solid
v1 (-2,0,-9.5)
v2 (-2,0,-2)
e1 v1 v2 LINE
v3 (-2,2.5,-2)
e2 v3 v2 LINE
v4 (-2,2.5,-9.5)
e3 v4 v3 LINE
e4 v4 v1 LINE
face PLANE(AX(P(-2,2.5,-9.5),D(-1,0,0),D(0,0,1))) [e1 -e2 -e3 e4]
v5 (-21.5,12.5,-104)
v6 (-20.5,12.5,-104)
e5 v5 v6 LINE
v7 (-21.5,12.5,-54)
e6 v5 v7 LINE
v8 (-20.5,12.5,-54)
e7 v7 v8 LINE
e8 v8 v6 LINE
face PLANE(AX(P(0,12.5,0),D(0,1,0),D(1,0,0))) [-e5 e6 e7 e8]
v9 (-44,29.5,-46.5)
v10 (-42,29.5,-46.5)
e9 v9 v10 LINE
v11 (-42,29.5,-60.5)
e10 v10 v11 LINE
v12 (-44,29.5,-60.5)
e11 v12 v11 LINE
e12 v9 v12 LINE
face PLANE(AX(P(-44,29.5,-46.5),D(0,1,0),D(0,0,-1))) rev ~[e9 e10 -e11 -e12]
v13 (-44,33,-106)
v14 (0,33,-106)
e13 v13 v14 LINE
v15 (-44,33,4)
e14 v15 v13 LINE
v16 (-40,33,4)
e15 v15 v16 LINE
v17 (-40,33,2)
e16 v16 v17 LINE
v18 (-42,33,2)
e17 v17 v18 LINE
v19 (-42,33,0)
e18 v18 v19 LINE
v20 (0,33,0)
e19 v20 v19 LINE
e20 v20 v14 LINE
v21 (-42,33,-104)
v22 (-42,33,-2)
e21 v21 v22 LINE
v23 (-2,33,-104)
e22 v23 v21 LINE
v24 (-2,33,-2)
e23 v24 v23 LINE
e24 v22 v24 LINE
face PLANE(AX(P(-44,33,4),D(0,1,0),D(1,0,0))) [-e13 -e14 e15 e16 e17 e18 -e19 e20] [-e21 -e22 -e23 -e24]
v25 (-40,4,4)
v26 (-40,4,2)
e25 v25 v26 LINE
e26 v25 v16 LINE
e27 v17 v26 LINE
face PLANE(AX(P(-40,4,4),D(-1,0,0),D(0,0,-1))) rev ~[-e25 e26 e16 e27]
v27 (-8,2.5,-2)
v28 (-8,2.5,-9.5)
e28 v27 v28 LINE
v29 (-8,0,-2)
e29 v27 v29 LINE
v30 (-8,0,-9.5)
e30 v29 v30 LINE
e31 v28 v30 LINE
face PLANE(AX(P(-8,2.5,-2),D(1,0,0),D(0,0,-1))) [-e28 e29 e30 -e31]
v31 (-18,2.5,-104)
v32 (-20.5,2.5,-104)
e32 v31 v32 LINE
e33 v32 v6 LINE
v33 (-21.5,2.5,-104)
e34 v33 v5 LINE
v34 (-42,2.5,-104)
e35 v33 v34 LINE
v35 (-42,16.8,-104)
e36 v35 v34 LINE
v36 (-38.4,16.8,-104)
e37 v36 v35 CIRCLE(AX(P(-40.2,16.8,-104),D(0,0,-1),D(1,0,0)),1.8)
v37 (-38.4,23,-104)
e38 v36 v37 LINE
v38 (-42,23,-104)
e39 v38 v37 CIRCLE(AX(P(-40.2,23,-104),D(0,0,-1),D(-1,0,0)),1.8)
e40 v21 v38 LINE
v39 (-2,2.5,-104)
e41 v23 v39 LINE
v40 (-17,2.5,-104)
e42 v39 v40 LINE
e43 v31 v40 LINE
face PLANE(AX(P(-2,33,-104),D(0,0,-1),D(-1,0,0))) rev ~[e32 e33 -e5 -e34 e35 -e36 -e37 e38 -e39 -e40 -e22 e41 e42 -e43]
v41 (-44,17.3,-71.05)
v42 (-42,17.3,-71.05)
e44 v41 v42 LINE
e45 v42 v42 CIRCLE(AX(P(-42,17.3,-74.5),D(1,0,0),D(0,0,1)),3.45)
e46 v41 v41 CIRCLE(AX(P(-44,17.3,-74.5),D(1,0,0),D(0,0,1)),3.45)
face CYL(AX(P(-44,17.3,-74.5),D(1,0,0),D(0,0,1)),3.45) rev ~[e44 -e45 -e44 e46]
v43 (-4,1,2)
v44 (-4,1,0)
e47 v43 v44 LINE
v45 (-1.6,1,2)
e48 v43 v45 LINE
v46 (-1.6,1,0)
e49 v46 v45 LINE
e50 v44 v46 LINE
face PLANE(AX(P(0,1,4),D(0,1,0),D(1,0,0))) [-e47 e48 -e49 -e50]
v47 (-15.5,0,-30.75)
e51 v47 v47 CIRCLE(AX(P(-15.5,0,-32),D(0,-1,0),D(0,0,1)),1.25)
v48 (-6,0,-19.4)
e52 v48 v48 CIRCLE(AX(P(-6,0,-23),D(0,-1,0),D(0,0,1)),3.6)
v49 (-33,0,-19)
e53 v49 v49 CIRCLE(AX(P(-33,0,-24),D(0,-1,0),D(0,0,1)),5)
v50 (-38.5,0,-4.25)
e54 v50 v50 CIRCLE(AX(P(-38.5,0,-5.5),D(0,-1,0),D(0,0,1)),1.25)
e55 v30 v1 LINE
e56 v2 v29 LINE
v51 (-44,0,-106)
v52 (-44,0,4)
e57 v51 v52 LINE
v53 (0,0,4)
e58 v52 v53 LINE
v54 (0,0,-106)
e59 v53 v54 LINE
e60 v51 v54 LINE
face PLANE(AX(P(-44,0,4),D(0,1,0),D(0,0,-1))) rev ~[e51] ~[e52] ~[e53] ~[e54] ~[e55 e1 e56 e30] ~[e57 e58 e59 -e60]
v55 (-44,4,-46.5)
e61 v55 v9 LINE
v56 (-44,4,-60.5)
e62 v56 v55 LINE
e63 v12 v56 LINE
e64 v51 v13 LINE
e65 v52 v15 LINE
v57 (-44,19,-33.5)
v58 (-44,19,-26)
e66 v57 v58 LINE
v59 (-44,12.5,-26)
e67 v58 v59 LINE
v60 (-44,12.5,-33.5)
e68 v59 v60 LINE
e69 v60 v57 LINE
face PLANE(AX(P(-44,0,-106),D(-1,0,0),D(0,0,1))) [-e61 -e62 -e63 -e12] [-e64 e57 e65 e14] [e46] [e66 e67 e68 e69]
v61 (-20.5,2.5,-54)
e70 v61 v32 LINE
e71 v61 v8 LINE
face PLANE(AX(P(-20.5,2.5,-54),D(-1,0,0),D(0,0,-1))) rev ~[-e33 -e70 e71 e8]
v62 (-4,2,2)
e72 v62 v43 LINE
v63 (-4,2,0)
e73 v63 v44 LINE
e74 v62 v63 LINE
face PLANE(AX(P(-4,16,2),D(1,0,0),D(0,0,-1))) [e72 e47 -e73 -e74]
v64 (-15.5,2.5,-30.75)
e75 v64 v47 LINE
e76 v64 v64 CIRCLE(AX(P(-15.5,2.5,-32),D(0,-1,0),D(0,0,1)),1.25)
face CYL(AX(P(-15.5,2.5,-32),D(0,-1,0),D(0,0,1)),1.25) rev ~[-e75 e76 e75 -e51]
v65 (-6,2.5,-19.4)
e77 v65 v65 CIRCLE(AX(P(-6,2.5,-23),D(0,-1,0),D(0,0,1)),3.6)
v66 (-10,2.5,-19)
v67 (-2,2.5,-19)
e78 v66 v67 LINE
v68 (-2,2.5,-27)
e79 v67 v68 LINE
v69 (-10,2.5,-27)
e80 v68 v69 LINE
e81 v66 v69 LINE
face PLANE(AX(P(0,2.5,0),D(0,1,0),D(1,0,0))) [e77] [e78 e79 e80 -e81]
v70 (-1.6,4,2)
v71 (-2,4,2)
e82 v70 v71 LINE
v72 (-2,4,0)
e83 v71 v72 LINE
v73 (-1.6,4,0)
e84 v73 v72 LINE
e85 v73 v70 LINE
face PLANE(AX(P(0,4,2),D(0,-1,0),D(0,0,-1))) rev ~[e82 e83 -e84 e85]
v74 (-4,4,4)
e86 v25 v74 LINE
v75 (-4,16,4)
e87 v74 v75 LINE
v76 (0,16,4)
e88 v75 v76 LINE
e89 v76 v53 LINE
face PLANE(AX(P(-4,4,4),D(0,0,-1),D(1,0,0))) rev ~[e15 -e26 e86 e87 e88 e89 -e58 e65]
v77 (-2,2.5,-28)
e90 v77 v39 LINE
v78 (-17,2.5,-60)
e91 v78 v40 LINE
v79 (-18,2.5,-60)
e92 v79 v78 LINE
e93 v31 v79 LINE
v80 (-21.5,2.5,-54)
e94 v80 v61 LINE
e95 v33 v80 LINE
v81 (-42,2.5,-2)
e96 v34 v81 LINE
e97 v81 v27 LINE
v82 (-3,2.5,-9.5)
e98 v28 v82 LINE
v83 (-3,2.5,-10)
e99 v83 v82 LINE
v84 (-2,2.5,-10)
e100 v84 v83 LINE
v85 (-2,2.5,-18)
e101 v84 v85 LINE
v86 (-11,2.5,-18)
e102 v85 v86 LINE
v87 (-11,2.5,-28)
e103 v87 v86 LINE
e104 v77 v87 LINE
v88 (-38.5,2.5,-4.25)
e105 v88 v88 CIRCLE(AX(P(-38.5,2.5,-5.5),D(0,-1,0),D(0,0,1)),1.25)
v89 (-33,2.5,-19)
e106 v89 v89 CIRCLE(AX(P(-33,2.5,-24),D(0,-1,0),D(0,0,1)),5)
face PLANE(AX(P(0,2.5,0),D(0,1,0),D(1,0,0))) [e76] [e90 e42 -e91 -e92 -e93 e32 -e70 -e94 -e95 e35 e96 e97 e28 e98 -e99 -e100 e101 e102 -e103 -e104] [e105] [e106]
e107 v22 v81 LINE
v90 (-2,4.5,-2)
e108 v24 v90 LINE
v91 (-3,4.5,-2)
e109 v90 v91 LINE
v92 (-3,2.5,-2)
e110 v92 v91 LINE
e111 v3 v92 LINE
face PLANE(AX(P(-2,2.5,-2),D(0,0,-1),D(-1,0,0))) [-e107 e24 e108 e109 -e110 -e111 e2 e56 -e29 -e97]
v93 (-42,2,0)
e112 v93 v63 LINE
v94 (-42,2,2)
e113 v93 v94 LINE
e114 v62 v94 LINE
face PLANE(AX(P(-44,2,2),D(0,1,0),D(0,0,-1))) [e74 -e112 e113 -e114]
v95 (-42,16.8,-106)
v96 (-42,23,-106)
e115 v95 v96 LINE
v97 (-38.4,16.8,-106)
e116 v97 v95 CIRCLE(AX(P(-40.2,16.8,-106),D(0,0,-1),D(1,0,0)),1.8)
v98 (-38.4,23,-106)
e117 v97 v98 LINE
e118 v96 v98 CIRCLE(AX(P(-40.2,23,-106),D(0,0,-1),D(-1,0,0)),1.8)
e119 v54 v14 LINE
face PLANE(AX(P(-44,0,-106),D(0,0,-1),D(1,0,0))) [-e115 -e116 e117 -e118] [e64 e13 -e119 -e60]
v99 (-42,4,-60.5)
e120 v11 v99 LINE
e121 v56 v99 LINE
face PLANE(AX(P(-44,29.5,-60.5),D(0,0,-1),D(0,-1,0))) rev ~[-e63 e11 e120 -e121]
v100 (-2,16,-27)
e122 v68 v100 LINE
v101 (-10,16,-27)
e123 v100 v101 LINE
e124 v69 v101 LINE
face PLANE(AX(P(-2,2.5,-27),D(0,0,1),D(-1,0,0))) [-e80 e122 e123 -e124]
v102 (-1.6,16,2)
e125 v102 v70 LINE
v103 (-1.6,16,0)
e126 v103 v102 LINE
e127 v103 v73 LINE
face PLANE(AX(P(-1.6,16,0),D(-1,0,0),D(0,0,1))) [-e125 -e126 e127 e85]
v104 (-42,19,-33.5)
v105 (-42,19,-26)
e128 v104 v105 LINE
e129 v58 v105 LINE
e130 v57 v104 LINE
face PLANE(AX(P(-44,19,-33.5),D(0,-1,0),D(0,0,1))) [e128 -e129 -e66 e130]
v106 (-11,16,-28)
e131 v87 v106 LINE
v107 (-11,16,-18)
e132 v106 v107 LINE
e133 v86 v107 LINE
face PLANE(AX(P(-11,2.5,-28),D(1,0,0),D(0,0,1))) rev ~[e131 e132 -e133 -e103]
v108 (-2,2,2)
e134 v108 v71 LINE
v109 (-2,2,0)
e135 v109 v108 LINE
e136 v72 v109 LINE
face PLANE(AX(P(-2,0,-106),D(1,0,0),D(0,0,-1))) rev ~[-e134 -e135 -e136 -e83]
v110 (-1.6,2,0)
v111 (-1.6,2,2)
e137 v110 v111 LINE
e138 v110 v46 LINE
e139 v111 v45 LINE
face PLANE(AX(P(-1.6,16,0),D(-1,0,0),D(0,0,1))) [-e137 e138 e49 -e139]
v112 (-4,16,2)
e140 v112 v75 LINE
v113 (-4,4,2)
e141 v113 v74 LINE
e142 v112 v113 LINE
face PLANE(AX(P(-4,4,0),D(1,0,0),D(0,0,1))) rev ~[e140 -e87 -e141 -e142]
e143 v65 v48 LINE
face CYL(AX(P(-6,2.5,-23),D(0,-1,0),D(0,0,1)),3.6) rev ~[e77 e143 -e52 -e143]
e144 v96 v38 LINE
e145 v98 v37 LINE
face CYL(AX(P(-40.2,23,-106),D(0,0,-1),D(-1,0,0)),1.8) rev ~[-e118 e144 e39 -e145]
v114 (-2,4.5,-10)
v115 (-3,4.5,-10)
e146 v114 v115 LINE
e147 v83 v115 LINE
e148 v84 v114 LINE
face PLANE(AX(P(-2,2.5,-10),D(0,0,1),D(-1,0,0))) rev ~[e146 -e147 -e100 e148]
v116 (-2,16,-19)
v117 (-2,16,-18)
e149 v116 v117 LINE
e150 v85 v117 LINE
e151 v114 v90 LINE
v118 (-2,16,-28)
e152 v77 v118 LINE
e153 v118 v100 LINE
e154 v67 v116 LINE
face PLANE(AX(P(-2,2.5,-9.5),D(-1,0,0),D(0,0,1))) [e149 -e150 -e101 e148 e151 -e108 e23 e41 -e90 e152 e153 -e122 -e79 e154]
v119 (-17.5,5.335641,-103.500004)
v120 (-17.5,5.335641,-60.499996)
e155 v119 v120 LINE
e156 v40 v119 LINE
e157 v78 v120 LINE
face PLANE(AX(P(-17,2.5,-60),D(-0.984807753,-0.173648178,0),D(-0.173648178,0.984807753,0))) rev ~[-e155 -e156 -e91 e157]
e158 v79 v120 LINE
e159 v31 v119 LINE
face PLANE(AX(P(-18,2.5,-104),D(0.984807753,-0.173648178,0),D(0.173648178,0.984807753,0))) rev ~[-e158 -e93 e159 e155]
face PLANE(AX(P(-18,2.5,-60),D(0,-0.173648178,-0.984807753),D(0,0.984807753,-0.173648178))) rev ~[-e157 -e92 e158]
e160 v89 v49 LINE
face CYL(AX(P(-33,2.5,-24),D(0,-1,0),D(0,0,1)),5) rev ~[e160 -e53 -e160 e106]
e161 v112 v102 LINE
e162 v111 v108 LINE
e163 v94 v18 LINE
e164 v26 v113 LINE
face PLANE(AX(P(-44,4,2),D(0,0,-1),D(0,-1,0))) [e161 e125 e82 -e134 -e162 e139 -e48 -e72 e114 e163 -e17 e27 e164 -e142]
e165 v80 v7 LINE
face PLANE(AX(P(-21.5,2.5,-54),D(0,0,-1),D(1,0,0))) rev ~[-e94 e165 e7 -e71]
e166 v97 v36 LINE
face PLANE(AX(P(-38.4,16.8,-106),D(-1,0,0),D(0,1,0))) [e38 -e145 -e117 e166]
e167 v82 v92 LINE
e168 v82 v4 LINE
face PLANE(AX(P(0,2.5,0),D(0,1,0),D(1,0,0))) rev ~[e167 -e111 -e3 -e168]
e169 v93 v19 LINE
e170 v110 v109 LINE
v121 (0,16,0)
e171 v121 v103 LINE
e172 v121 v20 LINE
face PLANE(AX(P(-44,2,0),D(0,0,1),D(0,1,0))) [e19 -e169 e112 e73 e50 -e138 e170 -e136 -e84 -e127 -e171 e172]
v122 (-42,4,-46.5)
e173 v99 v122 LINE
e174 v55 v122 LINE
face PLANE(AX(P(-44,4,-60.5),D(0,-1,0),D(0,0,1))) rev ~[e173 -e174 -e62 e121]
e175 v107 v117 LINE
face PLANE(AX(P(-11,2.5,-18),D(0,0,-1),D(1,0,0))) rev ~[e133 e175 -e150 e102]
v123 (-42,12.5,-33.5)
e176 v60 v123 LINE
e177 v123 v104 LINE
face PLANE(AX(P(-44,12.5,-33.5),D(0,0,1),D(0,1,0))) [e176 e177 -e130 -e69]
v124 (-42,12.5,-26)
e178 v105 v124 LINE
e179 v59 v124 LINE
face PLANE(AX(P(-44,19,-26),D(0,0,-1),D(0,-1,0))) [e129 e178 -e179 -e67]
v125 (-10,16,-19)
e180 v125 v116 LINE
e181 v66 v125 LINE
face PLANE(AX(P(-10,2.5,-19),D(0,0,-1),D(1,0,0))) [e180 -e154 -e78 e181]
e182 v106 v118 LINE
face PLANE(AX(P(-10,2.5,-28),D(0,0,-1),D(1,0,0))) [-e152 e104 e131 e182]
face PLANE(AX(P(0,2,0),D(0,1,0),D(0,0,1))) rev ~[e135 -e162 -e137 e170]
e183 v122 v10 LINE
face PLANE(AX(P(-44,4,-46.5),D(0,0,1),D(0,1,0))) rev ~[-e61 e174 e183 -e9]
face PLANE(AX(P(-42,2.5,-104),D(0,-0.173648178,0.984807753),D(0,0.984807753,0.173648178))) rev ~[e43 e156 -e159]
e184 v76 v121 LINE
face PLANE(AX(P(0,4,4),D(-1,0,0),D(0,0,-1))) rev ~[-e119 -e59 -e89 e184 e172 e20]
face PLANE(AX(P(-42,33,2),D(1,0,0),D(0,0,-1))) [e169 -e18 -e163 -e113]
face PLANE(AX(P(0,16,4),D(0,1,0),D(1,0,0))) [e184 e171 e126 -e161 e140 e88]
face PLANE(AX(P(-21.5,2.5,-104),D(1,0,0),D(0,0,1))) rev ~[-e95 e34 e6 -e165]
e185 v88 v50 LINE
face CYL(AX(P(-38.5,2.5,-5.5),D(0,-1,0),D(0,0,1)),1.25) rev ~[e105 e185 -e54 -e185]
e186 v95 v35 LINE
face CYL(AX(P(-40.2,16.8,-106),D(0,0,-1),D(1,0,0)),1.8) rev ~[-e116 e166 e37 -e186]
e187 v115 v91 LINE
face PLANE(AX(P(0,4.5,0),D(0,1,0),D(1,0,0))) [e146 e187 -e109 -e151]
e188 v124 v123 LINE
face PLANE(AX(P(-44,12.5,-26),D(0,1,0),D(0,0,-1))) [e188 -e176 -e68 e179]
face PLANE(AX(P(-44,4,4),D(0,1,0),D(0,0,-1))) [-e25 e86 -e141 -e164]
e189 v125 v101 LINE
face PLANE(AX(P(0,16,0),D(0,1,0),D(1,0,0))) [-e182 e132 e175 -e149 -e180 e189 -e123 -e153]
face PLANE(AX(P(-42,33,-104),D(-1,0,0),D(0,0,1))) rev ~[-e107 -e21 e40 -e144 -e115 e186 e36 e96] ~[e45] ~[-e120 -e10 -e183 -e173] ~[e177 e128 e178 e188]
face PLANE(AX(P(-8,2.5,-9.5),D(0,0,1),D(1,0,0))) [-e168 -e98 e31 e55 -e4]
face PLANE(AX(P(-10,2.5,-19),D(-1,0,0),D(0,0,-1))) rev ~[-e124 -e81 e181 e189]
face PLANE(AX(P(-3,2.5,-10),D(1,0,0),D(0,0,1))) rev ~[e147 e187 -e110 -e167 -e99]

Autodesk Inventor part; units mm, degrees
ref_plane "YZ Plane" through (0, 0, 0) normal (1, 0, 0) x (0, 1, 0)
ref_plane "XZ Plane" through (0, 0, 0) normal (0, 1, 0) x (-1, 0, 0)
ref_plane "XY Plane" through (0, 0, 0) normal (0, 0, 1) x (1, 0, 0)
sketch "внешние размеры" plane through (0, 0, 0) normal (0, 1, 0) x (-1, 0, 0)
  line L0 (0, 0) -> (44, 0)
  line L1 (44, 0) -> (44, -106)
  line L2 (44, -106) -> (0, -106)
  line L3 (0, -106) -> (0, 0)
  dimension "d0" = 44
  dimension "d1" = 106
extrude "Выдавливание1" add sketch "внешние размеры" along normal blind 33
sketch "внутренние размеры" plane through (0, 33, 0) normal (0, 1, 0) x (1, 0, 0)
  line L0 (-42, 2) -> (-2, 2)
  line L1 (-2, 2) -> (-2, 104)
  line L2 (-2, 104) -> (-42, 104)
  line L3 (-42, 104) -> (-42, 2)
  point P0 (0, 0)
extrude "Выдавливание2" cut sketch "внутренние размеры" against normal blind 30.5
sketch "перегородка" plane through (0, 2.5, 0) normal (0, 1, 0) x (1, 0, 0)
  line L0 (-42, 104) -> (-2, 104)
  line L1 (-20.5, 104) -> (-21.5, 104)
  line L2 (-21.5, 104) -> (-21.5, 54)
  line L3 (-21.5, 54) -> (-20.5, 54)
  line L4 (-20.5, 54) -> (-20.5, 104)
  line L5 (-2, 104) -> (-2, 2)
  line L6 (-42, 104) -> (-2, 104)
  point P0 (0, 0)
  point P1 (-22, 104)
  point P2 (-21, 54)
  dimension "d6" = 18.5
  dimension "d7" = 1
  dimension "d8" = 50
extrude "Выдавливание3" add sketch "перегородка" along normal blind 10
sketch "дисплей" plane through (-44, 0, -106) normal (-1, 0, 0) x (0, 0, 1)
  line L0 (45.5, 4) -> (59.5, 4)
  line L1 (59.5, 4) -> (59.5, 29.5)
  line L2 (59.5, 29.5) -> (45.5, 29.5)
  line L3 (45.5, 29.5) -> (45.5, 4)
  line L4 (0, 0) -> (0, 33)
  line L5 (0, 0) -> (106, 0)
  line L6 (0, 33) -> (106, 33)
  point P0 (0, 16.5)
  point P1 (59.5, 16.75)
  dimension "d21" = 25.5
  dimension "d22" = 14
  dimension "d23" = 45.5
  dimension "d24" = 4
  dimension "d25" = 3.5
  dimension "d125" = 59.5
extrude "Выдавливание4" cut sketch "дисплей" against normal blind 2.5
sketch "уф" plane through (-44, 0, -106) normal (-1, 0, 0) x (0, 0, 1)
  line L0 (80, 12.5) -> (72.5, 12.5)
  line L1 (72.5, 12.5) -> (72.5, 19)
  line L2 (72.5, 19) -> (80, 19)
  line L3 (80, 19) -> (80, 12.5)
  line L4 (106, 0) -> (106, 33)
  line L5 (0, 0) -> (106, 0)
  line L6 (0, 33) -> (106, 33)
  line L7 (0, 0) -> (0, 33)
  point P0 (80, 15.75)
  point P1 (72.5, 15.75)
  point P2 (0, 16.5)
  dimension "d28" = 7.5
  dimension "d29" = 6.5
  dimension "d30" = 26
  dimension "d31" = 12.5
  dimension "d32" = 14
  dimension "d126" = 72.5
extrude "Выдавливание5" cut sketch "уф" against normal blind 2.5 contours L0 L1 L2 L3
sketch "usb-c" plane through (0, 0, -106) normal (0, 0, -1) x (-1, 0, 0)
  line L0 (40.2, 24.8) -> (40.2, 15) construction
  line L1 (42, 4) -> (42, 29.5)
  line L2 (42, 23) -> (42, 16.8)
  line L3 (38.4, 16.8) -> (38.4, 23)
  arc A0 (42, 23) -> (38.4, 23) centre (40.2, 23) ccw
  arc A1 (38.4, 16.8) -> (42, 16.8) centre (40.2, 16.8) ccw
  line L4 (44, 0) -> (44, 33)
  line L5 (0, 0) -> (44, 0)
  point P0 (40.2, 19.9)
  point P1 (42, 19.9)
  point P2 (38.4, 19.9)
  point P3 (42, 16.8)
  point P4 (42, 23)
  dimension "d35" = 2
  dimension "d36" = 15
  dimension "d37" = 9.8
  dimension "d38" = 3.6
extrude "Выдавливание6" cut sketch "usb-c" against normal blind 2.5
sketch "stepper уши" plane through (0, 2.5, 0) normal (0, 1, 0) x (1, 0, 0)
  line L0 (-42, 2) -> (-42, 104)
  line L1 (-2, 2) -> (-42, 2)
  point P0 (0, 0)
  point P1 (-38.5, 5.5)
  point P2 (-15.5, 32)
  point P3 (-33, 24)
  point P4 (-33, 24)
  dimension "d41" = 3.5
  dimension "d42" = 3.5
  dimension "d43" = 26.5
  dimension "d44" = 30
  dimension "d45" = 35.0892
  dimension "d46" = 22
  dimension "d47" = 9
  dimension "d48" = 19.2419
  dimension "d49" = 19.3003
hole "Отверстие2" at (-33, 2.5, -24) at (-15.5, 2.5, -32) at (-38.5, 2.5, -5.5) at (-33, 2.5, -24) direction (0, -1, 0) diameter 2.5 depth 2.5 tip angle 118
sketch "stepper ось" plane through (0, 2.5, 0) normal (0, 1, 0) x (1, 0, 0)
  circle A0 centre (-33, 24) radius 1.25
  line L0 (-44, 0) -> (0, 0)
  line L1 (0, 0) -> (0, 106)
  dimension "d127" = 24
  dimension "d128" = 33
hole "Отверстие3" at (-33, 2.5, -24) direction (0, -1, 0) diameter 10 depth 2.5 tip angle 118
sketch "solar" plane through (0, 2.5, 0) normal (0, 1, 0) x (1, 0, 0)
  line L0 (-2, 104) -> (-2, 2)
  line L1 (-2, 2) -> (-8, 2)
  line L2 (-8, 2) -> (-8, 9.5)
  line L3 (-8, 9.5) -> (-2, 9.5)
  line L4 (-2, 9.5) -> (-2, 2)
  point P0 (0, 0)
  point P1 (-5, 2)
  point P2 (-5, 9.5)
  point P3 (-2, 9.5)
  dimension "d64" = 6
  dimension "d65" = 7.5
extrude "Выдавливание7" cut sketch "solar" against normal blind 2.5
sketch "кнопка" plane through (-44, 0, -106) normal (-1, 0, 0) x (0, 0, 1)
  line L0 (0, 0) -> (106, 0)
  line L1 (0, 0) -> (0, 33)
  point P0 (31.5, 17.3)
  dimension "d116" = 17.3
  dimension "d117" = 31.5
hole "Отверстие7" at (-44, 17.3, -74.5) direction (1, 0, 0) diameter 6.9 depth 2.5 tip angle 118
sketch "Эскиз25" plane through (-44, 0, -106) normal (-1, 0, 0) x (0, 0, 1)
  line L0 (106, 0) -> (106, 33)
  line L1 (106, 33) -> (110, 33)
  line L2 (110, 33) -> (110, 0)
  line L3 (110, 0) -> (106, 0)
  line L4 (106, 0) -> (106, 33)
extrude "Выдавливание12" add sketch "Эскиз25" against normal blind 44
sketch "паз" plane through (-44, 0, -106) normal (-1, 0, 0) x (0, 0, 1)
  line L0 (106, 33) -> (108, 33)
  line L1 (108, 33) -> (108, 2)
  line L2 (108, 2) -> (106, 2)
  line L3 (106, 2) -> (106, 33)
  line L4 (110, 33) -> (110, 0)
  line L5 (108, 33) -> (110, 33)
  line L6 (110, 33) -> (110, 4)
  line L7 (110, 4) -> (108, 4)
  line L8 (108, 4) -> (108, 33)
  point P0 (106, 0)
  point P1 (107, 2)
  point P2 (107, 33)
  point P3 (109, 4)
  point P4 (109, 33)
  dimension "d133" = 31
  dimension "d134" = 29
  dimension "d135" = 2
extrude "Выдавливание13" cut sketch "паз" against normal blind 44
sketch "Эскиз27" plane through (0, 2.5, 0) normal (0, 1, 0) x (1, 0, 0)
  line L0 (-42, 104) -> (-2, 104)
  line L1 (-18, 60) -> (-17, 60)
  line L2 (-17, 60) -> (-17, 104)
  line L3 (-17, 104) -> (-18, 104)
  line L4 (-18, 104) -> (-18, 60)
  point P0 (0, 0)
extrude "Выдавливание14" add sketch "Эскиз27" along normal blind 3 draft -10
sketch "Эскиз28" plane through (0, 2.5, 0) normal (0, 1, 0) x (1, 0, 0)
  line L0 (-2, 104) -> (-2, 2)
  line L1 (-2, 18) -> (-10, 18)
  line L2 (-10, 18) -> (-10, 19)
  line L3 (-10, 19) -> (-2, 19)
  line L4 (-2, 19) -> (-2, 18)
  line L5 (-2, 104) -> (-2, 9.5)
  line L6 (-2, 27) -> (-10, 27)
  line L7 (-10, 27) -> (-10, 28)
  line L8 (-10, 28) -> (-2, 28)
  line L9 (-2, 28) -> (-2, 27)
  line L10 (-10, 28) -> (-11, 28)
  line L11 (-11, 28) -> (-11, 18)
  line L12 (-11, 18) -> (-10, 18)
  line L13 (-10, 18) -> (-10, 28)
  point P0 (0, 0)
  point P1 (-2, 19)
extrude "Выдавливание15" add sketch "Эскиз28" along normal blind 13.5 contours L0 L6 L7 L8 | L7 L13 L2 L12 L11 L10 | L0 L1 L2 L3
sketch "кнопка2" plane through (0, 2.5, 0) normal (0, 1, 0) x (1, 0, 0)
  circle A0 centre (-6, 23) radius 3.6
  line L0 (0, -4) -> (0, 106)
  line L1 (-2, 19) -> (-10, 19)
  point P0 (0, 0)
  dimension "d147" = 7.2
  dimension "d172" = 6
  dimension "d173" = 4
hole "Отверстие9" at (-6, 2.5, -23) direction (0, -1, 0) diameter 7.2 depth 2.5 tip angle 118
sketch "Эскиз31" plane through (0, 2.5, 0) normal (0, 1, 0) x (1, 0, 0)
  line L0 (-2, 104) -> (-2, 2)
  line L1 (-2, 2) -> (-42, 2)
  line L2 (-2, 10) -> (-3, 10)
  line L3 (-3, 10) -> (-3, 2)
  line L4 (-3, 2) -> (-2, 2)
  line L5 (-2, 2) -> (-2, 10)
  point P0 (0, 0)
extrude "Выдавливание16" add sketch "Эскиз31" along normal blind 2
sketch "Эскиз32" plane through (-44, 4, 4) normal (0, 1, 0) x (1, 0, 0)
  line L0 (0, 0) -> (44, 0)
  line L1 (44, 4) -> (40, 4)
  line L2 (40, 0) -> (44, 0)
  line L3 (44, 0) -> (44, 4)
  line L4 (0, 110) -> (0, 0)
  line L5 (0, 4) -> (44, 4)
  line L6 (0, 0) -> (4, 0)
  line L7 (4, 0) -> (4, 4)
  line L8 (4, 4) -> (0, 4)
  line L9 (0, 4) -> (0, 0)
  point P0 (4, 0)
extrude "Выдавливание17" add sketch "Эскиз32" along normal blind 29 contours L4 L5 L7 L0
sketch "Эскиз33" plane through (0, 4, 4) normal (0, 1, 0) x (1, 0, 0)
  line L0 (0, 4) -> (-4, 4)
  line L1 (-4, 4) -> (-4, 0)
  line L2 (-4, 0) -> (0, 0)
  line L3 (0, 0) -> (0, 4)
extrude "Выдавливание18" add sketch "Эскиз33" along normal blind 12
sketch "Эскиз34" plane through (0, 16, 4) normal (0, 1, 0) x (1, 0, 0)
  line L0 (-44, 2) -> (0, 2)
  line L1 (-40, 4) -> (0, 4)
  line L2 (-1.6, 2) -> (-4, 2)
  line L3 (-4, 2) -> (-4, 4)
  line L4 (-4, 4) -> (-1.6, 4)
  line L5 (-1.6, 4) -> (-1.6, 2)
  line L6 (-40, 2) -> (-42, 2)
  line L7 (-42, 2) -> (-42, 4)
  line L8 (-42, 4) -> (-40, 4)
  line L9 (-40, 4) -> (-40, 2)
  point P0 (-1.6, 4)
  point P1 (-4, 2)
  point P2 (-1.6, 3)
  point P3 (-4, 3)
  point P4 (-2.8, 2)
  point P5 (-2.8, 4)
  dimension "d169" = 2.4
  dimension "d170" = 2
extrude "Выдавливание19" cut sketch "Эскиз34" against normal blind 15 contours L3 L1 L5 L0
sketch "Эскиз35" plane through (0, 33, 0) normal (0, 1, 0) x (1, 0, 0)
  line L0 (-40, -2) -> (-4, -2)
  line L1 (-40, 0) -> (-44, 0)
  line L2 (-40, -2) -> (-42, -2)
  line L3 (-42, -2) -> (-42, 0)
  line L4 (-42, 0) -> (-40, 0)
  line L5 (-40, 0) -> (-40, -2)
  point P0 (0, 0)
  point P1 (-40, -1)
  point P2 (-42, -1)
  dimension "d171" = 2
extrude "Выдавливание20" cut sketch "Эскиз35" against normal blind 31
sketch "Эскиз36" plane through (-44, 0, -106) normal (-1, 0, 0) x (0, 0, 1)
  line L0 (108, 33) -> (108, 4)
  line L1 (106, 2) -> (108, 2)
  line L2 (108, 4) -> (106, 4)
  line L3 (106, 4) -> (106, 2)
  line L4 (106, 2) -> (108, 2)
  line L5 (108, 2) -> (108, 4)
  point P0 (106, 0)
extrude "Выдавливание21" add sketch "Эскиз36" against normal blind 2
sketch "Эскиз37" plane through (0, 0, -106) normal (1, 0, 0) x (0, 0, -1)
  line L0 (-108, 2) -> (-108, 4)
  line L1 (-106, 4) -> (-106, 2)
  line L2 (-108, 4) -> (-106, 4)
  line L3 (-106, 4) -> (-106, 2)
  line L4 (-106, 2) -> (-108, 2)
  line L5 (-108, 2) -> (-108, 4)
  point P0 (-106, 0)
extrude "Выдавливание22" add sketch "Эскиз37" against normal blind 2
properties part number "roller_box_new03_10_2025"
